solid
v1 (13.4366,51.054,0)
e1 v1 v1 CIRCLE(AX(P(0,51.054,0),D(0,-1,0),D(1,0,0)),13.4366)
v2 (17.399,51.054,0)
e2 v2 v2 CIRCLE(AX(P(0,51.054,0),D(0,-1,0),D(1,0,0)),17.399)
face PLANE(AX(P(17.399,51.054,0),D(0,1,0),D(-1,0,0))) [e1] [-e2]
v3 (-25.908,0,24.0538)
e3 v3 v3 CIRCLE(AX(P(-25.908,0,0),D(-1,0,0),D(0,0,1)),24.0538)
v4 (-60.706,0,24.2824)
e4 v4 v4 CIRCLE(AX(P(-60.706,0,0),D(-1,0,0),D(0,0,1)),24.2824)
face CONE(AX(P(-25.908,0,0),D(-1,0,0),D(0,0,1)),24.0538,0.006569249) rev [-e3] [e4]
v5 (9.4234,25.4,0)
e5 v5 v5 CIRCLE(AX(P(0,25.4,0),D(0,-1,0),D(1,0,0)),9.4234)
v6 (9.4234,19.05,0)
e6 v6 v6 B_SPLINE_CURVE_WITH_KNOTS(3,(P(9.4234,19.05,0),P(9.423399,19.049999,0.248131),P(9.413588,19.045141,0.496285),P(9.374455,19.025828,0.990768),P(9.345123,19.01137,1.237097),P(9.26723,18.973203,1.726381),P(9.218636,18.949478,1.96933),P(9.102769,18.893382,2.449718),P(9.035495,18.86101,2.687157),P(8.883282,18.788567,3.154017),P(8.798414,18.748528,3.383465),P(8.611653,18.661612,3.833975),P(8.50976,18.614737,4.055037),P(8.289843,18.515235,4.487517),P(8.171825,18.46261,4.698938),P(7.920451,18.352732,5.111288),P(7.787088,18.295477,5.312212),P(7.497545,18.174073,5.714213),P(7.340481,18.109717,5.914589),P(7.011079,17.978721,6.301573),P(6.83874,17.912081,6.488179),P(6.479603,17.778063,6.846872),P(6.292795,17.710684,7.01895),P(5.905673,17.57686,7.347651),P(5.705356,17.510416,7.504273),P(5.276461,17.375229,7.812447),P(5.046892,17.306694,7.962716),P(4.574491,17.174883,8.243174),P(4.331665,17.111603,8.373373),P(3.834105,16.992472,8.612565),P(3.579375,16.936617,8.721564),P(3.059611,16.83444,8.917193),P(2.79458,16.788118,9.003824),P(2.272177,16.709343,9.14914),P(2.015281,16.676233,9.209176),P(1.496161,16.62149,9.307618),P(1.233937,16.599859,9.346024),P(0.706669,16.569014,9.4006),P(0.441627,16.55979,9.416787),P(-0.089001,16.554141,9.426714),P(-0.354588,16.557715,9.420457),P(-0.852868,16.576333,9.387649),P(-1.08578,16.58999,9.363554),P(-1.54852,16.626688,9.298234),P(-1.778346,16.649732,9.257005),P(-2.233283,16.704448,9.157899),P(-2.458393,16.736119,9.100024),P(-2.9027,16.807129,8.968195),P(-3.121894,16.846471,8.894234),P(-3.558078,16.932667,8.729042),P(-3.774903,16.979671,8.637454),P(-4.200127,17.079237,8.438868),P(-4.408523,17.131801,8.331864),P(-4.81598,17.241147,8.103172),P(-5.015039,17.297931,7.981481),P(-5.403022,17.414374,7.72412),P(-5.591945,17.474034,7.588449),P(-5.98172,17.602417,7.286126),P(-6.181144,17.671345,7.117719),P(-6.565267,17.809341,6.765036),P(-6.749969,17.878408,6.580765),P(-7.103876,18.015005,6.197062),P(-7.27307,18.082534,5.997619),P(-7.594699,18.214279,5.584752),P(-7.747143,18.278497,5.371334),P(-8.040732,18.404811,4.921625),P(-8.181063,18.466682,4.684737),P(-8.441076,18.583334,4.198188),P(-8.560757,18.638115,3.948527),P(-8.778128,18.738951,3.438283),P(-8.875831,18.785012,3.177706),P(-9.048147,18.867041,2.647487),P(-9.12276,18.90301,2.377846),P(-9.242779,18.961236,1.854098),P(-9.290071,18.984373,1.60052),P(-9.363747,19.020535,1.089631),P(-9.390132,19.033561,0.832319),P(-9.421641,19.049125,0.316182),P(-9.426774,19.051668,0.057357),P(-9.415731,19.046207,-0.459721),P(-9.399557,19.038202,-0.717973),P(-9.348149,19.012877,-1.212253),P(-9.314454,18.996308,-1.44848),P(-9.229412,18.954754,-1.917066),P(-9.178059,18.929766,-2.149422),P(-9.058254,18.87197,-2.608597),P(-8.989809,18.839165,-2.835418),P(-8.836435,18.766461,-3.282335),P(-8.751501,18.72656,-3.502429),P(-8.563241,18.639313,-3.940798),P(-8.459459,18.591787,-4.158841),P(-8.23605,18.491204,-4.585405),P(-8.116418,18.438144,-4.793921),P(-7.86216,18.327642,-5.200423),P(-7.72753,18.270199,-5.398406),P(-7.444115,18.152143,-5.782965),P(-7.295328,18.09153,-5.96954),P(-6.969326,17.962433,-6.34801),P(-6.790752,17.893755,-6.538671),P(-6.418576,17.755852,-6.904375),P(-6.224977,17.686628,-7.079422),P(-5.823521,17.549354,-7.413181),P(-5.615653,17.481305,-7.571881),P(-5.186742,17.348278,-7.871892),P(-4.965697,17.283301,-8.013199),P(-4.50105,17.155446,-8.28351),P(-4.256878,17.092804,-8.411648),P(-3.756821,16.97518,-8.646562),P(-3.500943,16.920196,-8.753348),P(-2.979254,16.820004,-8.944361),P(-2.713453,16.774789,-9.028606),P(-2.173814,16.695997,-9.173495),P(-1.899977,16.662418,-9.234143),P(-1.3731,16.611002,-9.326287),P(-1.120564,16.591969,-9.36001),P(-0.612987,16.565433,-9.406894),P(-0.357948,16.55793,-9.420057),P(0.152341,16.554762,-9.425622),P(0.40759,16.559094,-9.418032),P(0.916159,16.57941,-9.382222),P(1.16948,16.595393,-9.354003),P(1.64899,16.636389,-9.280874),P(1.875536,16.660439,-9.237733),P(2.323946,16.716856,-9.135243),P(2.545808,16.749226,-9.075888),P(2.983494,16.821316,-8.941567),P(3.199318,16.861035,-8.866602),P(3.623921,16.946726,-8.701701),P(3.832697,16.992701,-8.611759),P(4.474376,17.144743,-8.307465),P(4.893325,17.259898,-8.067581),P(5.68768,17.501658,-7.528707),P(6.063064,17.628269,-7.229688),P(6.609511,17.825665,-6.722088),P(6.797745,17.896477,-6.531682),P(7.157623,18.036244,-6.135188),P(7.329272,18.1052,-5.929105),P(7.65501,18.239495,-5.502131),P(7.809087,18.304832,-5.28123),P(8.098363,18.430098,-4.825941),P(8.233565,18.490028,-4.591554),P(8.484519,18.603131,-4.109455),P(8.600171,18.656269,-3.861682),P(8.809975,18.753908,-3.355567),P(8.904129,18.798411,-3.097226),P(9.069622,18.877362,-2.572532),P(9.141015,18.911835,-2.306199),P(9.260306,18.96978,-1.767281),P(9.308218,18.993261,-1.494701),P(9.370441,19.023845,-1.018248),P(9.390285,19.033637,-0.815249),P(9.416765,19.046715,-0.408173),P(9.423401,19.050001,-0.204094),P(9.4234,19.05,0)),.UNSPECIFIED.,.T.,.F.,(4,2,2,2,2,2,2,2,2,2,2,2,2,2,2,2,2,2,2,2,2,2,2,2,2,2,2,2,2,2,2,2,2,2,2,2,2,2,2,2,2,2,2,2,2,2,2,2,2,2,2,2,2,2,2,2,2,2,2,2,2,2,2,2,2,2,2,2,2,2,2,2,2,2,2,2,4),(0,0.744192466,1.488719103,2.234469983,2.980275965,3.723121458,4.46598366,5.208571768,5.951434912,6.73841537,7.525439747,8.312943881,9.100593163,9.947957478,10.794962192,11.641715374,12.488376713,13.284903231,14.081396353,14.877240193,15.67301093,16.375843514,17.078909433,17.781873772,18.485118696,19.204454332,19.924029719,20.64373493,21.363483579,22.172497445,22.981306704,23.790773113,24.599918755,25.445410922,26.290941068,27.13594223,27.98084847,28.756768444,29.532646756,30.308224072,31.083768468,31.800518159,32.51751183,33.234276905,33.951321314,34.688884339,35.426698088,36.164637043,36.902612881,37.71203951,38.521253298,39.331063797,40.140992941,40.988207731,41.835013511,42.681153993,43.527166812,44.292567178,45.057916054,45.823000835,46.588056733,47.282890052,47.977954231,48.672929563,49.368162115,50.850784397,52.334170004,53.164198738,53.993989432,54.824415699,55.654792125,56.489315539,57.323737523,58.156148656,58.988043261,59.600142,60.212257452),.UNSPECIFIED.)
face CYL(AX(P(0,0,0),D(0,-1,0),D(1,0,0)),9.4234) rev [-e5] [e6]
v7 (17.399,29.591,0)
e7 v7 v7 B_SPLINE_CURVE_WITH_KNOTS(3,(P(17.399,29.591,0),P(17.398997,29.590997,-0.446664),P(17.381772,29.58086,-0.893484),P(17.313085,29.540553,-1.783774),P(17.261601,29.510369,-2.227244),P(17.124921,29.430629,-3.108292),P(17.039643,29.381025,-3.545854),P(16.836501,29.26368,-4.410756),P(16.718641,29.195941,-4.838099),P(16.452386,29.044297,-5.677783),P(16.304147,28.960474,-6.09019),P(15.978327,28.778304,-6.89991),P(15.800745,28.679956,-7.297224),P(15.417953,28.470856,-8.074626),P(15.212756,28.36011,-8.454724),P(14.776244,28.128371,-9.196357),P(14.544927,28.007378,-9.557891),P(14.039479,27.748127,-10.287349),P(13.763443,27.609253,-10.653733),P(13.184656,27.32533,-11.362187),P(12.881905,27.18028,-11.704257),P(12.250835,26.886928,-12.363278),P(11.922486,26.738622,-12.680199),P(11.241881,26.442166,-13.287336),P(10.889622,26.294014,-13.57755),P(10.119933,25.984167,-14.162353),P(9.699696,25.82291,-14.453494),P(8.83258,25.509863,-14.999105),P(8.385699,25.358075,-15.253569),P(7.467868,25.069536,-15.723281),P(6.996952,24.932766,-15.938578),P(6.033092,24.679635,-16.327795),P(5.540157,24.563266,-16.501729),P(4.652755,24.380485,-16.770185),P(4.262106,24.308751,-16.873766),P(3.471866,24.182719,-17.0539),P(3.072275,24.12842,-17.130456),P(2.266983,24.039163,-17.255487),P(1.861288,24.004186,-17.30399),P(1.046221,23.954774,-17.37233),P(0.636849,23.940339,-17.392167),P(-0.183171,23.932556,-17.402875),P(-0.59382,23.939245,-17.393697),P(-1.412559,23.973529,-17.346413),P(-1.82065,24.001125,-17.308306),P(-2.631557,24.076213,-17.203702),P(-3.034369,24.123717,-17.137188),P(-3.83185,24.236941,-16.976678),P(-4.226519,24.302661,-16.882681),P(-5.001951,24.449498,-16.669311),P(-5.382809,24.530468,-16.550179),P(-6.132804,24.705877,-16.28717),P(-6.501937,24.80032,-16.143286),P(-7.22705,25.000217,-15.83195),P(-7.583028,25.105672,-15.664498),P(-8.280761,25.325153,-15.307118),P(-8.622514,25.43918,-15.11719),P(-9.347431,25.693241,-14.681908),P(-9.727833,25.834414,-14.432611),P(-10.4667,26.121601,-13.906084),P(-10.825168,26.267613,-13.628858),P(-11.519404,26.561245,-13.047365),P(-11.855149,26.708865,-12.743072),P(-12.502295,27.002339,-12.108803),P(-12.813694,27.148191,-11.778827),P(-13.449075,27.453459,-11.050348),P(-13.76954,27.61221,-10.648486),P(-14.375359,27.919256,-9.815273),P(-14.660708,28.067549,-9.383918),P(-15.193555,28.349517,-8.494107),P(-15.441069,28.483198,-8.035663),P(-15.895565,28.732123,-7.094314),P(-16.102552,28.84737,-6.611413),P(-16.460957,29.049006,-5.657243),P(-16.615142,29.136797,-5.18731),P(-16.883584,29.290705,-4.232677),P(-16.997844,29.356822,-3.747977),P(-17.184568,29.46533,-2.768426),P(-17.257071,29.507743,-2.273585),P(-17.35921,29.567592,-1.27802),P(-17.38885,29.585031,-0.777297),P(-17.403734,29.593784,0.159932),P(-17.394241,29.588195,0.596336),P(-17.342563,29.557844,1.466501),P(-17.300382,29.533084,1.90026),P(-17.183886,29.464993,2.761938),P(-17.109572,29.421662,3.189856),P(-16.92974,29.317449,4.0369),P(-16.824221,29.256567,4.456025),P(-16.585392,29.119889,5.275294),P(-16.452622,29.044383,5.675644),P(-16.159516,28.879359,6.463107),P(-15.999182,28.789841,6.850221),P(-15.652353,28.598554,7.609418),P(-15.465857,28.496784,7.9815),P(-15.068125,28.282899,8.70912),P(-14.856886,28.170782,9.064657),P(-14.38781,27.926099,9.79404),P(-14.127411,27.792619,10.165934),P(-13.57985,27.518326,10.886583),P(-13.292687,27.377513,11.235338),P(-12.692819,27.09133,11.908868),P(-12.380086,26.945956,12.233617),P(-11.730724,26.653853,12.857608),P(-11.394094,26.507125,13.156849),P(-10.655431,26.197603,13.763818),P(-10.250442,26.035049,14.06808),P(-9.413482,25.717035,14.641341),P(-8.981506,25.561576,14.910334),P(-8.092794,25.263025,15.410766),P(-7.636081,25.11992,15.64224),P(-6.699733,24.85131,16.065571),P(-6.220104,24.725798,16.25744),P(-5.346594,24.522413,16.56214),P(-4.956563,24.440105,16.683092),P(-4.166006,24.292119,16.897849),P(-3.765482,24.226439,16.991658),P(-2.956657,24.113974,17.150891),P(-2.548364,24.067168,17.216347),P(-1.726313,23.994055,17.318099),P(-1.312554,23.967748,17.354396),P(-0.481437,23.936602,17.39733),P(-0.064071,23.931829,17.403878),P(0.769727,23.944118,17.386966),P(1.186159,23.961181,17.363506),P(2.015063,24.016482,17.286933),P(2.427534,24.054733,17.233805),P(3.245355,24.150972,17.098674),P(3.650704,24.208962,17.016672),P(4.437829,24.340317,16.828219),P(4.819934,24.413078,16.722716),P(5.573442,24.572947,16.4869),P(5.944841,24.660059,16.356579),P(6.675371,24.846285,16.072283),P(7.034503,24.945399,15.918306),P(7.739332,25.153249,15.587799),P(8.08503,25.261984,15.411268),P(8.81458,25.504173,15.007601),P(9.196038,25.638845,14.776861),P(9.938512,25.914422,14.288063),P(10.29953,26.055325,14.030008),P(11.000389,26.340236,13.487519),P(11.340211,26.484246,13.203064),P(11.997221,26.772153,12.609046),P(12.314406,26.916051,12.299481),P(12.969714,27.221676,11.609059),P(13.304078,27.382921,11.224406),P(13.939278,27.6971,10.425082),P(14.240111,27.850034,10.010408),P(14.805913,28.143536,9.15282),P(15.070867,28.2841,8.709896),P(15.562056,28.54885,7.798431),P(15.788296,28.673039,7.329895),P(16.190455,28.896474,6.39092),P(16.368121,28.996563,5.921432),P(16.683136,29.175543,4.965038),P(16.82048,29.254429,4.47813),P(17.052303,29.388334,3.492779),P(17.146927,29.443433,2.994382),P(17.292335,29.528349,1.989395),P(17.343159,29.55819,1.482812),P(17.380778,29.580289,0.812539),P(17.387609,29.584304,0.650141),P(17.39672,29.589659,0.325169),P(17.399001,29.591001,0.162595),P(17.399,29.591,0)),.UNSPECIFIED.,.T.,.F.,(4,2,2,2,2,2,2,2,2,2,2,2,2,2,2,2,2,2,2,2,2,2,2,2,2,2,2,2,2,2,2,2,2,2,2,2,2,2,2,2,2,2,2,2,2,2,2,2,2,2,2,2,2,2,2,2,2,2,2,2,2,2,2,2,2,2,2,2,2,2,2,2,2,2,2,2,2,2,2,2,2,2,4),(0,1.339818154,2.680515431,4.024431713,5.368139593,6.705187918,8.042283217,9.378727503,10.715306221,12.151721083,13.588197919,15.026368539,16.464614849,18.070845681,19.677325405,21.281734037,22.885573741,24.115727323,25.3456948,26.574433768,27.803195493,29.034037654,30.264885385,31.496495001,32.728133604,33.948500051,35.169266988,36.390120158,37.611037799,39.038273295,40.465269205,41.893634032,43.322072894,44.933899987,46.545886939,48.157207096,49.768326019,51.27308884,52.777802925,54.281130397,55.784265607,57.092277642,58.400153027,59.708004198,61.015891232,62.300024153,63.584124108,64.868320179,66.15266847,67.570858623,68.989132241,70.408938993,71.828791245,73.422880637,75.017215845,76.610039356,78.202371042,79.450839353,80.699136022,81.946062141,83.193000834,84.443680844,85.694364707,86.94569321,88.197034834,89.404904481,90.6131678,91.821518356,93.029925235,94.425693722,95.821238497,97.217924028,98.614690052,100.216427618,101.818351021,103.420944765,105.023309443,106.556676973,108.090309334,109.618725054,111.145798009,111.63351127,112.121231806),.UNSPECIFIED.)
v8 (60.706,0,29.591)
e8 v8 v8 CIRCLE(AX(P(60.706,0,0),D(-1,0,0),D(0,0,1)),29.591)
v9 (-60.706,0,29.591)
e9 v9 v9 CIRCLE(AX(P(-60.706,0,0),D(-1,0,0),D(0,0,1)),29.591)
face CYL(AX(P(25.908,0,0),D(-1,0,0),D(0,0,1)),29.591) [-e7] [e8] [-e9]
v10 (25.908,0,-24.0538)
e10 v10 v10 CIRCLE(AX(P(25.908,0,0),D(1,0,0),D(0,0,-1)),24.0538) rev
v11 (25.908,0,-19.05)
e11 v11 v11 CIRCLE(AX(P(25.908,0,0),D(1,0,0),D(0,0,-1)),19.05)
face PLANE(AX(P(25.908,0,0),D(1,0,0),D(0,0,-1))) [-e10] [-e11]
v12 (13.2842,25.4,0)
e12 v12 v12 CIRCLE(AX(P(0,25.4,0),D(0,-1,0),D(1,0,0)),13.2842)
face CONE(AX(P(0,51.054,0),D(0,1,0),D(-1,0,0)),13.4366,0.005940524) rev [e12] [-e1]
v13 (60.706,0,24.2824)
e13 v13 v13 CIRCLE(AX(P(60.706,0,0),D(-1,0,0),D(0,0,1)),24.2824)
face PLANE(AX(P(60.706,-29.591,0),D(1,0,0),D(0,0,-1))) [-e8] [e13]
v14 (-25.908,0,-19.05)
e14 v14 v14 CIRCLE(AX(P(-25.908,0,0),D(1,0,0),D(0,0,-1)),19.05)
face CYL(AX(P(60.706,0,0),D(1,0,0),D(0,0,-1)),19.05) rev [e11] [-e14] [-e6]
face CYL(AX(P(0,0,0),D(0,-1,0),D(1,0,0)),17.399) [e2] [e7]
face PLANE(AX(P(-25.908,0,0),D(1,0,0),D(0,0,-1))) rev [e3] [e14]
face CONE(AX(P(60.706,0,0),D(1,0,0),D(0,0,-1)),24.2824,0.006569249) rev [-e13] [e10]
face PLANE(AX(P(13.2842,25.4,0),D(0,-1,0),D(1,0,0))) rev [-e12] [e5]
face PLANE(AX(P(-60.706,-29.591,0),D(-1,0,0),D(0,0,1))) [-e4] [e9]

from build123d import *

# Parameters (mm, degrees)
SKETCH4_R           = 29.591
BOSS_EXTRUDE1_DEPTH = 51.816
SKETCH5_R           = 17.399
BOSS_EXTRUDE2_DEPTH = 25.4


with BuildPart() as part:
    # Sketch1 → Revolve1 (revolve)
    with BuildSketch(Plane.XY, mode=Mode.PRIVATE) as revolve1_sk:
        Polygon((-60.706, -29.591), (-25.908, -29.591), (-25.908, -24.0538), (-60.706, -24.2824), align=None)
        Polygon((60.706, -24.2824), (25.908, -24.0538), (25.908, -29.591), (60.706, -29.591), align=None)
    revolve(revolve1_sk.sketch.rotate(Axis((-60.706, 0, 0), (1, 0, 0)), 270), axis=Axis((-60.706, 0, 0), (1, 0, 0)))



with BuildPart() as body_2:
    # Sketch2 → Revolve2 (revolve)
    with BuildSketch(Plane.XY):
        Polygon((13.4366, 51.054), (13.2842, 25.4), (17.399, 25.4), (17.399, 51.054), align=None)
    revolve(axis=Axis((0, 0, 0), (0, 1, 0)))


with BuildPart() as part_1:
    add(part.part)

    add(body_2.part)  # Boss-Extrude1 merges body 2
    # Sketch4 → Boss-Extrude1 (add)
    with BuildSketch(Plane(origin=(-25.908, 0, 0), x_dir=(0, 0, -1), z_dir=(1, 0, 0))):
        with Locations(Location((0, 0, 0), (0, 0, 180))):
            Circle(SKETCH4_R)
    extrude(amount=BOSS_EXTRUDE1_DEPTH)

    # Sketch5 → Boss-Extrude2 (add)
    with BuildSketch(Plane.XZ.offset(-25.4)):
        Circle(SKETCH5_R)
    extrude(amount=BOSS_EXTRUDE2_DEPTH)

    # Sketch6 → Cut-Revolve1 (revolve, cut)
    with BuildSketch(Plane.XY, mode=Mode.PRIVATE) as cut_revolve1_sk:
        Polygon((-60.706, -24.2824), (-25.908, -24.0538), (-25.908, -19.05), (25.908, -19.05), (25.908, -24.0538), (60.706, -24.2824), (60.706, 0), (-60.706, 0), align=None)
    revolve(cut_revolve1_sk.sketch.rotate(Axis((60.706, 0, 0), (-1, 0, 0)), 270), axis=Axis((60.706, 0, 0), (-1, 0, 0)), mode=Mode.SUBTRACT)

    # Sketch7 → Cut-Revolve2 (revolve, cut)
    with BuildSketch(Plane.XY):
        Polygon((13.4366, 51.054), (13.2842, 25.4), (9.4234, 25.4), (9.4234, 0), (0, 0), (0, 51.054), align=None)
    revolve(axis=Axis((0, 0, 0), (0, 1, 0)), mode=Mode.SUBTRACT)


solid = part_1.part
